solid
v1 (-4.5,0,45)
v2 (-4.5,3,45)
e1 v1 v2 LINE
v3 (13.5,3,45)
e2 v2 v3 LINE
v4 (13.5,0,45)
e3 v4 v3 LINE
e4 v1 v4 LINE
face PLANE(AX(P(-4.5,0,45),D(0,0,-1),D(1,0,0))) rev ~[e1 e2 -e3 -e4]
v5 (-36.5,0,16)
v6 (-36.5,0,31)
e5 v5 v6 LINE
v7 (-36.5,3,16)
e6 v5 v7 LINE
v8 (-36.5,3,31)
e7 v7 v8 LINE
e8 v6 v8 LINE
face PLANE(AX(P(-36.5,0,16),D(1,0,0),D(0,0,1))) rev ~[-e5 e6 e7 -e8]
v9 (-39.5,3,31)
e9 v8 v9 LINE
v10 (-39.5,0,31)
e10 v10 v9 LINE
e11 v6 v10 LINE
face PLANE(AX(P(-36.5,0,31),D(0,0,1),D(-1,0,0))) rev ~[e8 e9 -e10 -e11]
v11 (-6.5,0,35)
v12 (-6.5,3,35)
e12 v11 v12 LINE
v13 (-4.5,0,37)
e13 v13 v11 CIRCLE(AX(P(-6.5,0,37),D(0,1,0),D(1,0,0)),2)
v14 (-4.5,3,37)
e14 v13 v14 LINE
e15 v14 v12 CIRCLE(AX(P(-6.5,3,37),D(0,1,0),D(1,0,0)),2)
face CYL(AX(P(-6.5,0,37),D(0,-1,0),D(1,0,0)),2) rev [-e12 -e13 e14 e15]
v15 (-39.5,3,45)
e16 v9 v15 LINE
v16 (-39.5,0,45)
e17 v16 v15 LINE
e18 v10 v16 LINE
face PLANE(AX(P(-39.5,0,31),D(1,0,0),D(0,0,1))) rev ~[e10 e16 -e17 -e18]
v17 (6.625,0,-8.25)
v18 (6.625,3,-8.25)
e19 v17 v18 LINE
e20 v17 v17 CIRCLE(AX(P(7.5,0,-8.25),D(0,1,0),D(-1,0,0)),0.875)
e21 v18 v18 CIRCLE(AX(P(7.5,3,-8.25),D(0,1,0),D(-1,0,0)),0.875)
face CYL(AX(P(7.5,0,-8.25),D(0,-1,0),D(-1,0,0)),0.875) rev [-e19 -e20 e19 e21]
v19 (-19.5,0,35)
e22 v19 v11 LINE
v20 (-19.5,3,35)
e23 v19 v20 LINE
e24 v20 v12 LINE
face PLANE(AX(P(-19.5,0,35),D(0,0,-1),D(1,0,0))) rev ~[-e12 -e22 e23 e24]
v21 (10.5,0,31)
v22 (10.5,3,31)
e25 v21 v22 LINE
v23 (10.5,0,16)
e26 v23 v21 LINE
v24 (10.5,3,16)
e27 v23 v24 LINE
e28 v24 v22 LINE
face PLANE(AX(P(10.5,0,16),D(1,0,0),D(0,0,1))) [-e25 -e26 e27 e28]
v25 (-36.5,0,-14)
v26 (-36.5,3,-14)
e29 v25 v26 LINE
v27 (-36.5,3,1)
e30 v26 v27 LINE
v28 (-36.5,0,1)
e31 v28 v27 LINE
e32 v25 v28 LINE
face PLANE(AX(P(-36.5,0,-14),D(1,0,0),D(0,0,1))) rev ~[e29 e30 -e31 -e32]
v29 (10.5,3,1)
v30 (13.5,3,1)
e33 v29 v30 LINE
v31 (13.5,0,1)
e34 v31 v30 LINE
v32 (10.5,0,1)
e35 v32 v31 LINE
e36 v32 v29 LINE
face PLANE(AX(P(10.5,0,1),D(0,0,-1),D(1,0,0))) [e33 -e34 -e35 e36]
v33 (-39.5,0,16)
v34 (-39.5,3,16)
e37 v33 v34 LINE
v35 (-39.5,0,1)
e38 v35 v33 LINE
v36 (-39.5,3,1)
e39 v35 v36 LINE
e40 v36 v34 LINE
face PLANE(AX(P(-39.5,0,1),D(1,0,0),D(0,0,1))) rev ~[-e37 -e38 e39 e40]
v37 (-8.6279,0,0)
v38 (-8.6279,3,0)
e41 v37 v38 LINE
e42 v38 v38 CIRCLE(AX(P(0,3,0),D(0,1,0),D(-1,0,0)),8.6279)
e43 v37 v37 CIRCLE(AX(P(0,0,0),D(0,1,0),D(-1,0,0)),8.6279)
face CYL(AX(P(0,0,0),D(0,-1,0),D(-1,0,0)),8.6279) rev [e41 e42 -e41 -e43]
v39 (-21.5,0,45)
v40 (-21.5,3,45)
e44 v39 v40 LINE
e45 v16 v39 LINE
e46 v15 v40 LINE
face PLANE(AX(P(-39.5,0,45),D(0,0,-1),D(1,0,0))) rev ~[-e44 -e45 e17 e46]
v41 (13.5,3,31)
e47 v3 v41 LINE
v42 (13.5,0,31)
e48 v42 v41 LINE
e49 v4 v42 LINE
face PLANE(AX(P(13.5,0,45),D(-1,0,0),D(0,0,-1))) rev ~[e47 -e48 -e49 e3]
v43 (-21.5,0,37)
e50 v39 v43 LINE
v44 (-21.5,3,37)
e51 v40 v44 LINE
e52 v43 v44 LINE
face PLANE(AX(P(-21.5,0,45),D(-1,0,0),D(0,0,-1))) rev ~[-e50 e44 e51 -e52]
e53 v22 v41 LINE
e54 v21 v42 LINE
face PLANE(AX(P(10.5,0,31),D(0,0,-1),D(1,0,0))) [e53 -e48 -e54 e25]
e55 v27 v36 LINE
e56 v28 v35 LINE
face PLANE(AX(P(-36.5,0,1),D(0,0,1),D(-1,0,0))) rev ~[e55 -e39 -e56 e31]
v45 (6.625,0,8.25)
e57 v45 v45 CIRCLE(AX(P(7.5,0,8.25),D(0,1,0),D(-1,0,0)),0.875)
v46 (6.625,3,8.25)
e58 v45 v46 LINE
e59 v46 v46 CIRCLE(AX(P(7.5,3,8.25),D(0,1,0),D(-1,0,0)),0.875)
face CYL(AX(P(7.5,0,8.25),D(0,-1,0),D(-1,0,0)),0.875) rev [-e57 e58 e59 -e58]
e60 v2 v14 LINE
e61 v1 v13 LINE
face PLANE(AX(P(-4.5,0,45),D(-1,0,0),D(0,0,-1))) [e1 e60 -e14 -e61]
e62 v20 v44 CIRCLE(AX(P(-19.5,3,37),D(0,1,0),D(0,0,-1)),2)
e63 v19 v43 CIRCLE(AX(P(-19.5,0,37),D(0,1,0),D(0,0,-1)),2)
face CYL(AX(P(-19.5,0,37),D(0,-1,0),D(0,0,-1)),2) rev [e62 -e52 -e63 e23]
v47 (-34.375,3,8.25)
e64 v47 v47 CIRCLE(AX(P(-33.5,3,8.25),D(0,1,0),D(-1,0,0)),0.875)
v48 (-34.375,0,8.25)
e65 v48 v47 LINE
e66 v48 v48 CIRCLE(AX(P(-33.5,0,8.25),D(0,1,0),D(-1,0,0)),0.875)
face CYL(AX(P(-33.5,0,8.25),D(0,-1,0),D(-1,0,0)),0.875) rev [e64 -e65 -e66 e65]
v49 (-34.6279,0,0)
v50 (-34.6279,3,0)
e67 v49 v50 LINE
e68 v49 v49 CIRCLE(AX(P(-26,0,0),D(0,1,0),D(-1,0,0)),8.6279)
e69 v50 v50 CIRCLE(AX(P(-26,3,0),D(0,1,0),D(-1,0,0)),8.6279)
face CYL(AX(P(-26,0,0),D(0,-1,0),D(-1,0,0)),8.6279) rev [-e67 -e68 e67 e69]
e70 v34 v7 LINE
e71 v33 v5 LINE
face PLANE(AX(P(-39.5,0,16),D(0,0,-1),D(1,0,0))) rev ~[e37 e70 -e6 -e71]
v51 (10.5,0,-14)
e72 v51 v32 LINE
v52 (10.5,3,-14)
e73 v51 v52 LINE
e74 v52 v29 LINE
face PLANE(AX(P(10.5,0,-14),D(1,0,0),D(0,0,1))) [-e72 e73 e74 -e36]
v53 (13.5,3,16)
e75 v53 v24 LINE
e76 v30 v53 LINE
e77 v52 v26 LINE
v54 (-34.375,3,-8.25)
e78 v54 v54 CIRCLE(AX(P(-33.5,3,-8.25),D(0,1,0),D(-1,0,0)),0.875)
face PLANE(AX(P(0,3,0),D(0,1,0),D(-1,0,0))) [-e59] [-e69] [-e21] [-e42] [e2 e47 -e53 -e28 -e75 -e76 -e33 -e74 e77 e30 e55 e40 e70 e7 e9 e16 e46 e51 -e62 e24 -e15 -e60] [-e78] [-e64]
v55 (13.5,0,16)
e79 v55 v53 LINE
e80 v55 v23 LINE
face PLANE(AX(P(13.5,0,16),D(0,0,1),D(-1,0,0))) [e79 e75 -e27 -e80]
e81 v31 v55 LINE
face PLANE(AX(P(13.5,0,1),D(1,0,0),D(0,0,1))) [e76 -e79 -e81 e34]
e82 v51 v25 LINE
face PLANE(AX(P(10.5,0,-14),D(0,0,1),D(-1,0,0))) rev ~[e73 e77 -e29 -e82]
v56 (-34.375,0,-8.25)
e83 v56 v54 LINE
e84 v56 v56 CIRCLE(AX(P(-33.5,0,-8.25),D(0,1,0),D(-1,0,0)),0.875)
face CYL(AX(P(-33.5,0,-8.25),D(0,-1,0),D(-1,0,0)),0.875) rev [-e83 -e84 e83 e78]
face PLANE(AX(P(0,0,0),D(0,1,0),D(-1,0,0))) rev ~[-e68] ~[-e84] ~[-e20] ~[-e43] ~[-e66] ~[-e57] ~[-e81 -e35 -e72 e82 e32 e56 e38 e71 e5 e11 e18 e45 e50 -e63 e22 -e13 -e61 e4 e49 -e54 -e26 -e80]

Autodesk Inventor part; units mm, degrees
ref_plane "YZ Plane" through (0, 0, 0) normal (1, 0, 0) x (0, 1, 0)
ref_plane "XZ Plane" through (0, 0, 0) normal (0, 1, 0) x (-1, 0, 0)
ref_plane "XY Plane" through (0, 0, 0) normal (0, 0, 1) x (1, 0, 0)
sketch "Sketch1" plane through (0, 0, 0) normal (0, 1, 0) x (-1, 0, 0)
  circle A0 centre (-7.5, 8.25) radius 0.875
  circle A1 centre (-7.5, -8.25) radius 0.875
  circle A2 centre (33.5, 8.25) radius 0.875
  circle A3 centre (33.5, -8.25) radius 0.875
  circle A4 centre (0, 0) radius 8.6279
  circle A5 centre (26, 0) radius 8.6279
  line L0 (-13.5, -14) -> (36.5, -14)
  line L1 (39.5, 45) -> (21.5, 45)
  line L2 (21.5, 45) -> (21.5, 37)
  line L3 (4.5, 45) -> (4.5, 37)
  line L4 (19.5, 35) -> (6.5, 35)
  line L5 (39.5, 45) -> (21.5, 45)
  line L6 (4.5, 45) -> (-13.5, 45)
  line L7 (-13.5, 45) -> (39.285, 45) construction
  arc A6 (19.5, 35) -> (21.5, 37) centre (19.5, 37) ccw
  arc A7 (4.5, 37) -> (6.5, 35) centre (6.5, 37) ccw
  line L8 (-10.5, -14) -> (-10.5, 1)
  line L9 (-10.5, 1) -> (-13.5, 1)
  line L10 (-13.5, 1) -> (-13.5, 16)
  line L11 (-13.5, 16) -> (-10.5, 16)
  line L12 (-10.5, 16) -> (-10.5, 31)
  line L13 (-10.5, 31) -> (-13.5, 31)
  line L14 (-13.5, 45) -> (-13.5, 31)
  line L15 (-13.5, 16) -> (-13.5, 1)
  line L16 (36.5, -14) -> (36.5, 1)
  line L17 (36.5, 1) -> (39.5, 1)
  line L18 (39.5, 16) -> (36.5, 16)
  line L19 (36.5, 16) -> (36.5, 31)
  line L20 (36.5, 31) -> (39.5, 31)
  line L21 (39.5, 1) -> (39.5, 16)
  line L22 (39.5, 31) -> (39.5, 45)
  point P0 (35.5, -10)
  point P1 (21.5, 35)
  dimension "d5" = 1.75
  dimension "d6" = 1.75
  dimension "d7" = 1.75
  dimension "d8" = 1.75
  dimension "d11" = 18
  dimension "d12" = 10
  dimension "d14" = 2
  dimension "d15" = 3
  dimension "d17" = 15
  dimension "d18" = 15
extrude "Extrusion1" add sketch "Sketch1" along normal blind 3
properties part number "do_sensor_1_3mm"
